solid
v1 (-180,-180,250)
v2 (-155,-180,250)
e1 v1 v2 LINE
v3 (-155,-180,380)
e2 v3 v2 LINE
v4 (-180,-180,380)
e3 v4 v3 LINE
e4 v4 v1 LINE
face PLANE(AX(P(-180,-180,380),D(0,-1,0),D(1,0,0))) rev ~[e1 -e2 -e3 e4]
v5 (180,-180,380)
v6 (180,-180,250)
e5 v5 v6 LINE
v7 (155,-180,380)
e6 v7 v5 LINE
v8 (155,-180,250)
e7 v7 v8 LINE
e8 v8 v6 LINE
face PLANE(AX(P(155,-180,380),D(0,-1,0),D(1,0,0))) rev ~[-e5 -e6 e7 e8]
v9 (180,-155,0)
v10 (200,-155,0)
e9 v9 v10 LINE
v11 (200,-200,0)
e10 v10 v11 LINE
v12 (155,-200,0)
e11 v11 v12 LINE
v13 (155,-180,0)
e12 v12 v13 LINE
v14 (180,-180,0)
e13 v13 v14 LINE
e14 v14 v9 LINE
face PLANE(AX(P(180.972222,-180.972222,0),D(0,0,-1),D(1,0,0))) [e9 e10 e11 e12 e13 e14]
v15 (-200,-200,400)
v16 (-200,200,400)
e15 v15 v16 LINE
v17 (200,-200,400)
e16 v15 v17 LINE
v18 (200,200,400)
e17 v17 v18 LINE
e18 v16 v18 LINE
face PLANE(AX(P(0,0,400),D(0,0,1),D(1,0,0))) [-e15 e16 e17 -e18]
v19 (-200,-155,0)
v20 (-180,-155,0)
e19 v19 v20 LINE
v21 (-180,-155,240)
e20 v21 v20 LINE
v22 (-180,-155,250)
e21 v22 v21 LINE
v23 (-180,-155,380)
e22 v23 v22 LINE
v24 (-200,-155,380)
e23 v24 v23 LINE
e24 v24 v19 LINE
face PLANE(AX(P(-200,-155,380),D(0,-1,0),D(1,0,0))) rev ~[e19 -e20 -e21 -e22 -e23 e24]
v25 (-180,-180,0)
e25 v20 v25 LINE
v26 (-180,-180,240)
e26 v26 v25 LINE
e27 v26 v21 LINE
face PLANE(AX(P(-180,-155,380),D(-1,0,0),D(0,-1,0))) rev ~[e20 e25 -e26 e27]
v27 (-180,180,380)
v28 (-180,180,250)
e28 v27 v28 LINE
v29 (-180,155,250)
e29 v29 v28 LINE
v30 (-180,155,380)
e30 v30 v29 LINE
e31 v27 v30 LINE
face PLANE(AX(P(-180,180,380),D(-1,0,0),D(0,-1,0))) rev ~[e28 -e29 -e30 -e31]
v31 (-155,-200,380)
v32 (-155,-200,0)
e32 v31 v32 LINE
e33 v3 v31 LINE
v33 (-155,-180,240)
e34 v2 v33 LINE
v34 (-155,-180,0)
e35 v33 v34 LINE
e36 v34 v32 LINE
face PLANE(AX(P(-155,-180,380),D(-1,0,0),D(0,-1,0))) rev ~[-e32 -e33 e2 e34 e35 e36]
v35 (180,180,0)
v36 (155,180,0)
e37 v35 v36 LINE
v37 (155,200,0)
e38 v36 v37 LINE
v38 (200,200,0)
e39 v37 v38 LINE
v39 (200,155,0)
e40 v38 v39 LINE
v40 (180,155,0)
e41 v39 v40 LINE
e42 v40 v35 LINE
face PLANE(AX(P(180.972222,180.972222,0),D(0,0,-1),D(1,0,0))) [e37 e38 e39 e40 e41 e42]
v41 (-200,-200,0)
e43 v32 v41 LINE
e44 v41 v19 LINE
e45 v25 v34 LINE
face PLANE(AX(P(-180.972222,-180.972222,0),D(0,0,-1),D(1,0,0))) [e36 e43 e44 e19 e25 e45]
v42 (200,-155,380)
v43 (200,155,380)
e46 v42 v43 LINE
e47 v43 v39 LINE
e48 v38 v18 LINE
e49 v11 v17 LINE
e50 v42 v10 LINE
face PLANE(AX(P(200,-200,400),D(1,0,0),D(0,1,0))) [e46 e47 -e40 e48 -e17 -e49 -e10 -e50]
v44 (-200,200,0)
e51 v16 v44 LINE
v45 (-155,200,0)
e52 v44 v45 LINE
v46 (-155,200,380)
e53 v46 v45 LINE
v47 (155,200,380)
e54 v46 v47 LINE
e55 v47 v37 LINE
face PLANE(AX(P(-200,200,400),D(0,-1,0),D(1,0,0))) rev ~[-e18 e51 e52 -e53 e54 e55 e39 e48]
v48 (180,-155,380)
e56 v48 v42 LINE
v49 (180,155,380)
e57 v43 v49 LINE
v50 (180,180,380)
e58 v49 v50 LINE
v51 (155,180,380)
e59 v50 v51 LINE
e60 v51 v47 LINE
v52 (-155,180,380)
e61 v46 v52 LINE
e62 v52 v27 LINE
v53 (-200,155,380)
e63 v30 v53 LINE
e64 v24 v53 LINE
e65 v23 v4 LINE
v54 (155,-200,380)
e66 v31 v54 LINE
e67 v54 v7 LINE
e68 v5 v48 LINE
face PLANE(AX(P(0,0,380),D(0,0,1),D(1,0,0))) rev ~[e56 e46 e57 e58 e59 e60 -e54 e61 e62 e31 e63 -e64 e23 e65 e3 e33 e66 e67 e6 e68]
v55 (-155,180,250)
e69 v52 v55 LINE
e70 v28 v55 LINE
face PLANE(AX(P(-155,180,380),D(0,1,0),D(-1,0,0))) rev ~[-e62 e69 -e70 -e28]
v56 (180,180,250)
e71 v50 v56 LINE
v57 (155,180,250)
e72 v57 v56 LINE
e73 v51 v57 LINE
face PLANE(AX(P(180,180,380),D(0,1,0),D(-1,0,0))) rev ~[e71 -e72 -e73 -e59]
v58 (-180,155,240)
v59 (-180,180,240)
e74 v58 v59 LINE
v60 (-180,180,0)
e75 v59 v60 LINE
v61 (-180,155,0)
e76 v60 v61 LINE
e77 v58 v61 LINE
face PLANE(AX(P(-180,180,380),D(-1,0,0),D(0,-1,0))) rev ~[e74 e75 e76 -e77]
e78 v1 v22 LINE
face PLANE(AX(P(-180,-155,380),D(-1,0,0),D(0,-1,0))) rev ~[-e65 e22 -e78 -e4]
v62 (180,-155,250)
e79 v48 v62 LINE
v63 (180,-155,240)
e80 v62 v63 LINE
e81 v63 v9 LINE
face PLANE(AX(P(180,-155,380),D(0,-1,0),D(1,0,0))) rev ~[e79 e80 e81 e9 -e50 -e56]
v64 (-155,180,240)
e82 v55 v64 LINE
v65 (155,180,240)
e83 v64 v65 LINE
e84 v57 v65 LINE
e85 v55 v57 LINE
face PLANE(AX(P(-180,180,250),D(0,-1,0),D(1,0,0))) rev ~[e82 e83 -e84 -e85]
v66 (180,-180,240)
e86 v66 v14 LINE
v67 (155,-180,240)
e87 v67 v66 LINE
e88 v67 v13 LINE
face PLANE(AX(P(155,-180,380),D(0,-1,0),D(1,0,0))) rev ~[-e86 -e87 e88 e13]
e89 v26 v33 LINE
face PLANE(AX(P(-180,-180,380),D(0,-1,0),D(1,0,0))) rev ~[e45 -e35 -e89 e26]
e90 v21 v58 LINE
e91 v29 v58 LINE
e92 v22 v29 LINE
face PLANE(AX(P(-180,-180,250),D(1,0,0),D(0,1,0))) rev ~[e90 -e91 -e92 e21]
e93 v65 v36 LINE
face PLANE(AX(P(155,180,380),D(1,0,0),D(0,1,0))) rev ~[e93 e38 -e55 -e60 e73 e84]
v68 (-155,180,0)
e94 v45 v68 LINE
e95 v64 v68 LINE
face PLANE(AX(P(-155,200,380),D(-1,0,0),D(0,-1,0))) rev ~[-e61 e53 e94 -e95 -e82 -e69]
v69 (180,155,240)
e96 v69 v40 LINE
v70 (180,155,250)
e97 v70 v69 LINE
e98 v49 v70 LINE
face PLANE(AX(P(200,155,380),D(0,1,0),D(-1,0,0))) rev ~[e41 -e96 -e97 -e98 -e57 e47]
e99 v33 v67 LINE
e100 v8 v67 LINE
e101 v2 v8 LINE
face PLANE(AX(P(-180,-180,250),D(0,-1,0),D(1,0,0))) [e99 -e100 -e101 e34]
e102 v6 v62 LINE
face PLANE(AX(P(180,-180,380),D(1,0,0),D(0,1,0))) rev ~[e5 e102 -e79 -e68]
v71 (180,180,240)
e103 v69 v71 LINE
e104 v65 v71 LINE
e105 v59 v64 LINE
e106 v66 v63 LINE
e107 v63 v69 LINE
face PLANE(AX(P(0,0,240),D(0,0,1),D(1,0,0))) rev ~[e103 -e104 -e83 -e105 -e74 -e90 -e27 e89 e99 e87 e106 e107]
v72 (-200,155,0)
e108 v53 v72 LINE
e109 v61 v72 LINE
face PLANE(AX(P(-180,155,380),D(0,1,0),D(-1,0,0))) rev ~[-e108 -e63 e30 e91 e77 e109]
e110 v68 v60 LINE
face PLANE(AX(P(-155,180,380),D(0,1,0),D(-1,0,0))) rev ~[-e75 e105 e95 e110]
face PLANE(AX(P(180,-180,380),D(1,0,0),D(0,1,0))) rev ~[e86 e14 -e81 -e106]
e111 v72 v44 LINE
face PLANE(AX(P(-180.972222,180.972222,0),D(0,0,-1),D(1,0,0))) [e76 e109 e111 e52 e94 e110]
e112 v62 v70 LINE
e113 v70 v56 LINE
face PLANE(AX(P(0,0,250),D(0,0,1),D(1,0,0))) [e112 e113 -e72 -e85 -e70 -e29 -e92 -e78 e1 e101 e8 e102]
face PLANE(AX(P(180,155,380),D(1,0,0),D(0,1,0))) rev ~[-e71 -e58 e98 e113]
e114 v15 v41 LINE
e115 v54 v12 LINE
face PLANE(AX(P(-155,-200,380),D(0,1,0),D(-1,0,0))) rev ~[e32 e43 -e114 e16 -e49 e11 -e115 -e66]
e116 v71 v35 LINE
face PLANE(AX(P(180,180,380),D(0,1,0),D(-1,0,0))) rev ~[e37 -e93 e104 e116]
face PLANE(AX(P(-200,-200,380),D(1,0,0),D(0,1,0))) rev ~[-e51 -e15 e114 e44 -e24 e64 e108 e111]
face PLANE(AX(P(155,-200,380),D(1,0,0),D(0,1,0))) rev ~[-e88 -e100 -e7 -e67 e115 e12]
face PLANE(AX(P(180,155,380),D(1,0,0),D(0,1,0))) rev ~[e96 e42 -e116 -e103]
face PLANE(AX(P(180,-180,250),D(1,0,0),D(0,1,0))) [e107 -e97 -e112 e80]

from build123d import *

# Parameters (mm, degrees)
F1_W     = 400
F1_H     = 400
F2_DEPTH = 20
F4_DEPTH = 380
F6_W     = 360
F6_H     = 360
F7_DEPTH = 10


with BuildPart() as f2:
    # F1 (on offset) → F2 (new body)
    with BuildSketch(Plane.XY.offset(400)):
        Rectangle(F1_W, F1_H)
    extrude(amount=-F2_DEPTH)

    # F3 (on face) → F4 (join, through all)
    with BuildSketch(Plane(origin=(0, 0, 380), x_dir=(1, 0, 0), z_dir=(0, 0, -1))):
        Polygon((-155, 200), (-200, 200), (-200, 155), (-180, 155), (-180, 180), (-155, 180), align=None)
        Polygon((155, 180), (180, 180), (180, 155), (200, 155), (200, 200), (155, 200), align=None)
        Polygon((200, -200), (200, -155), (180, -155), (180, -180), (155, -180), (155, -200), align=None)
        Polygon((-180, -180), (-180, -155), (-200, -155), (-200, -200), (-155, -200), (-155, -180), align=None)
    extrude(amount=F4_DEPTH)

    # F6 (on offset) → F7 (join)
    with BuildSketch(Plane.XY.offset(250)):
        Rectangle(F6_W, F6_H)
    extrude(amount=-F7_DEPTH)


solid = f2.part
